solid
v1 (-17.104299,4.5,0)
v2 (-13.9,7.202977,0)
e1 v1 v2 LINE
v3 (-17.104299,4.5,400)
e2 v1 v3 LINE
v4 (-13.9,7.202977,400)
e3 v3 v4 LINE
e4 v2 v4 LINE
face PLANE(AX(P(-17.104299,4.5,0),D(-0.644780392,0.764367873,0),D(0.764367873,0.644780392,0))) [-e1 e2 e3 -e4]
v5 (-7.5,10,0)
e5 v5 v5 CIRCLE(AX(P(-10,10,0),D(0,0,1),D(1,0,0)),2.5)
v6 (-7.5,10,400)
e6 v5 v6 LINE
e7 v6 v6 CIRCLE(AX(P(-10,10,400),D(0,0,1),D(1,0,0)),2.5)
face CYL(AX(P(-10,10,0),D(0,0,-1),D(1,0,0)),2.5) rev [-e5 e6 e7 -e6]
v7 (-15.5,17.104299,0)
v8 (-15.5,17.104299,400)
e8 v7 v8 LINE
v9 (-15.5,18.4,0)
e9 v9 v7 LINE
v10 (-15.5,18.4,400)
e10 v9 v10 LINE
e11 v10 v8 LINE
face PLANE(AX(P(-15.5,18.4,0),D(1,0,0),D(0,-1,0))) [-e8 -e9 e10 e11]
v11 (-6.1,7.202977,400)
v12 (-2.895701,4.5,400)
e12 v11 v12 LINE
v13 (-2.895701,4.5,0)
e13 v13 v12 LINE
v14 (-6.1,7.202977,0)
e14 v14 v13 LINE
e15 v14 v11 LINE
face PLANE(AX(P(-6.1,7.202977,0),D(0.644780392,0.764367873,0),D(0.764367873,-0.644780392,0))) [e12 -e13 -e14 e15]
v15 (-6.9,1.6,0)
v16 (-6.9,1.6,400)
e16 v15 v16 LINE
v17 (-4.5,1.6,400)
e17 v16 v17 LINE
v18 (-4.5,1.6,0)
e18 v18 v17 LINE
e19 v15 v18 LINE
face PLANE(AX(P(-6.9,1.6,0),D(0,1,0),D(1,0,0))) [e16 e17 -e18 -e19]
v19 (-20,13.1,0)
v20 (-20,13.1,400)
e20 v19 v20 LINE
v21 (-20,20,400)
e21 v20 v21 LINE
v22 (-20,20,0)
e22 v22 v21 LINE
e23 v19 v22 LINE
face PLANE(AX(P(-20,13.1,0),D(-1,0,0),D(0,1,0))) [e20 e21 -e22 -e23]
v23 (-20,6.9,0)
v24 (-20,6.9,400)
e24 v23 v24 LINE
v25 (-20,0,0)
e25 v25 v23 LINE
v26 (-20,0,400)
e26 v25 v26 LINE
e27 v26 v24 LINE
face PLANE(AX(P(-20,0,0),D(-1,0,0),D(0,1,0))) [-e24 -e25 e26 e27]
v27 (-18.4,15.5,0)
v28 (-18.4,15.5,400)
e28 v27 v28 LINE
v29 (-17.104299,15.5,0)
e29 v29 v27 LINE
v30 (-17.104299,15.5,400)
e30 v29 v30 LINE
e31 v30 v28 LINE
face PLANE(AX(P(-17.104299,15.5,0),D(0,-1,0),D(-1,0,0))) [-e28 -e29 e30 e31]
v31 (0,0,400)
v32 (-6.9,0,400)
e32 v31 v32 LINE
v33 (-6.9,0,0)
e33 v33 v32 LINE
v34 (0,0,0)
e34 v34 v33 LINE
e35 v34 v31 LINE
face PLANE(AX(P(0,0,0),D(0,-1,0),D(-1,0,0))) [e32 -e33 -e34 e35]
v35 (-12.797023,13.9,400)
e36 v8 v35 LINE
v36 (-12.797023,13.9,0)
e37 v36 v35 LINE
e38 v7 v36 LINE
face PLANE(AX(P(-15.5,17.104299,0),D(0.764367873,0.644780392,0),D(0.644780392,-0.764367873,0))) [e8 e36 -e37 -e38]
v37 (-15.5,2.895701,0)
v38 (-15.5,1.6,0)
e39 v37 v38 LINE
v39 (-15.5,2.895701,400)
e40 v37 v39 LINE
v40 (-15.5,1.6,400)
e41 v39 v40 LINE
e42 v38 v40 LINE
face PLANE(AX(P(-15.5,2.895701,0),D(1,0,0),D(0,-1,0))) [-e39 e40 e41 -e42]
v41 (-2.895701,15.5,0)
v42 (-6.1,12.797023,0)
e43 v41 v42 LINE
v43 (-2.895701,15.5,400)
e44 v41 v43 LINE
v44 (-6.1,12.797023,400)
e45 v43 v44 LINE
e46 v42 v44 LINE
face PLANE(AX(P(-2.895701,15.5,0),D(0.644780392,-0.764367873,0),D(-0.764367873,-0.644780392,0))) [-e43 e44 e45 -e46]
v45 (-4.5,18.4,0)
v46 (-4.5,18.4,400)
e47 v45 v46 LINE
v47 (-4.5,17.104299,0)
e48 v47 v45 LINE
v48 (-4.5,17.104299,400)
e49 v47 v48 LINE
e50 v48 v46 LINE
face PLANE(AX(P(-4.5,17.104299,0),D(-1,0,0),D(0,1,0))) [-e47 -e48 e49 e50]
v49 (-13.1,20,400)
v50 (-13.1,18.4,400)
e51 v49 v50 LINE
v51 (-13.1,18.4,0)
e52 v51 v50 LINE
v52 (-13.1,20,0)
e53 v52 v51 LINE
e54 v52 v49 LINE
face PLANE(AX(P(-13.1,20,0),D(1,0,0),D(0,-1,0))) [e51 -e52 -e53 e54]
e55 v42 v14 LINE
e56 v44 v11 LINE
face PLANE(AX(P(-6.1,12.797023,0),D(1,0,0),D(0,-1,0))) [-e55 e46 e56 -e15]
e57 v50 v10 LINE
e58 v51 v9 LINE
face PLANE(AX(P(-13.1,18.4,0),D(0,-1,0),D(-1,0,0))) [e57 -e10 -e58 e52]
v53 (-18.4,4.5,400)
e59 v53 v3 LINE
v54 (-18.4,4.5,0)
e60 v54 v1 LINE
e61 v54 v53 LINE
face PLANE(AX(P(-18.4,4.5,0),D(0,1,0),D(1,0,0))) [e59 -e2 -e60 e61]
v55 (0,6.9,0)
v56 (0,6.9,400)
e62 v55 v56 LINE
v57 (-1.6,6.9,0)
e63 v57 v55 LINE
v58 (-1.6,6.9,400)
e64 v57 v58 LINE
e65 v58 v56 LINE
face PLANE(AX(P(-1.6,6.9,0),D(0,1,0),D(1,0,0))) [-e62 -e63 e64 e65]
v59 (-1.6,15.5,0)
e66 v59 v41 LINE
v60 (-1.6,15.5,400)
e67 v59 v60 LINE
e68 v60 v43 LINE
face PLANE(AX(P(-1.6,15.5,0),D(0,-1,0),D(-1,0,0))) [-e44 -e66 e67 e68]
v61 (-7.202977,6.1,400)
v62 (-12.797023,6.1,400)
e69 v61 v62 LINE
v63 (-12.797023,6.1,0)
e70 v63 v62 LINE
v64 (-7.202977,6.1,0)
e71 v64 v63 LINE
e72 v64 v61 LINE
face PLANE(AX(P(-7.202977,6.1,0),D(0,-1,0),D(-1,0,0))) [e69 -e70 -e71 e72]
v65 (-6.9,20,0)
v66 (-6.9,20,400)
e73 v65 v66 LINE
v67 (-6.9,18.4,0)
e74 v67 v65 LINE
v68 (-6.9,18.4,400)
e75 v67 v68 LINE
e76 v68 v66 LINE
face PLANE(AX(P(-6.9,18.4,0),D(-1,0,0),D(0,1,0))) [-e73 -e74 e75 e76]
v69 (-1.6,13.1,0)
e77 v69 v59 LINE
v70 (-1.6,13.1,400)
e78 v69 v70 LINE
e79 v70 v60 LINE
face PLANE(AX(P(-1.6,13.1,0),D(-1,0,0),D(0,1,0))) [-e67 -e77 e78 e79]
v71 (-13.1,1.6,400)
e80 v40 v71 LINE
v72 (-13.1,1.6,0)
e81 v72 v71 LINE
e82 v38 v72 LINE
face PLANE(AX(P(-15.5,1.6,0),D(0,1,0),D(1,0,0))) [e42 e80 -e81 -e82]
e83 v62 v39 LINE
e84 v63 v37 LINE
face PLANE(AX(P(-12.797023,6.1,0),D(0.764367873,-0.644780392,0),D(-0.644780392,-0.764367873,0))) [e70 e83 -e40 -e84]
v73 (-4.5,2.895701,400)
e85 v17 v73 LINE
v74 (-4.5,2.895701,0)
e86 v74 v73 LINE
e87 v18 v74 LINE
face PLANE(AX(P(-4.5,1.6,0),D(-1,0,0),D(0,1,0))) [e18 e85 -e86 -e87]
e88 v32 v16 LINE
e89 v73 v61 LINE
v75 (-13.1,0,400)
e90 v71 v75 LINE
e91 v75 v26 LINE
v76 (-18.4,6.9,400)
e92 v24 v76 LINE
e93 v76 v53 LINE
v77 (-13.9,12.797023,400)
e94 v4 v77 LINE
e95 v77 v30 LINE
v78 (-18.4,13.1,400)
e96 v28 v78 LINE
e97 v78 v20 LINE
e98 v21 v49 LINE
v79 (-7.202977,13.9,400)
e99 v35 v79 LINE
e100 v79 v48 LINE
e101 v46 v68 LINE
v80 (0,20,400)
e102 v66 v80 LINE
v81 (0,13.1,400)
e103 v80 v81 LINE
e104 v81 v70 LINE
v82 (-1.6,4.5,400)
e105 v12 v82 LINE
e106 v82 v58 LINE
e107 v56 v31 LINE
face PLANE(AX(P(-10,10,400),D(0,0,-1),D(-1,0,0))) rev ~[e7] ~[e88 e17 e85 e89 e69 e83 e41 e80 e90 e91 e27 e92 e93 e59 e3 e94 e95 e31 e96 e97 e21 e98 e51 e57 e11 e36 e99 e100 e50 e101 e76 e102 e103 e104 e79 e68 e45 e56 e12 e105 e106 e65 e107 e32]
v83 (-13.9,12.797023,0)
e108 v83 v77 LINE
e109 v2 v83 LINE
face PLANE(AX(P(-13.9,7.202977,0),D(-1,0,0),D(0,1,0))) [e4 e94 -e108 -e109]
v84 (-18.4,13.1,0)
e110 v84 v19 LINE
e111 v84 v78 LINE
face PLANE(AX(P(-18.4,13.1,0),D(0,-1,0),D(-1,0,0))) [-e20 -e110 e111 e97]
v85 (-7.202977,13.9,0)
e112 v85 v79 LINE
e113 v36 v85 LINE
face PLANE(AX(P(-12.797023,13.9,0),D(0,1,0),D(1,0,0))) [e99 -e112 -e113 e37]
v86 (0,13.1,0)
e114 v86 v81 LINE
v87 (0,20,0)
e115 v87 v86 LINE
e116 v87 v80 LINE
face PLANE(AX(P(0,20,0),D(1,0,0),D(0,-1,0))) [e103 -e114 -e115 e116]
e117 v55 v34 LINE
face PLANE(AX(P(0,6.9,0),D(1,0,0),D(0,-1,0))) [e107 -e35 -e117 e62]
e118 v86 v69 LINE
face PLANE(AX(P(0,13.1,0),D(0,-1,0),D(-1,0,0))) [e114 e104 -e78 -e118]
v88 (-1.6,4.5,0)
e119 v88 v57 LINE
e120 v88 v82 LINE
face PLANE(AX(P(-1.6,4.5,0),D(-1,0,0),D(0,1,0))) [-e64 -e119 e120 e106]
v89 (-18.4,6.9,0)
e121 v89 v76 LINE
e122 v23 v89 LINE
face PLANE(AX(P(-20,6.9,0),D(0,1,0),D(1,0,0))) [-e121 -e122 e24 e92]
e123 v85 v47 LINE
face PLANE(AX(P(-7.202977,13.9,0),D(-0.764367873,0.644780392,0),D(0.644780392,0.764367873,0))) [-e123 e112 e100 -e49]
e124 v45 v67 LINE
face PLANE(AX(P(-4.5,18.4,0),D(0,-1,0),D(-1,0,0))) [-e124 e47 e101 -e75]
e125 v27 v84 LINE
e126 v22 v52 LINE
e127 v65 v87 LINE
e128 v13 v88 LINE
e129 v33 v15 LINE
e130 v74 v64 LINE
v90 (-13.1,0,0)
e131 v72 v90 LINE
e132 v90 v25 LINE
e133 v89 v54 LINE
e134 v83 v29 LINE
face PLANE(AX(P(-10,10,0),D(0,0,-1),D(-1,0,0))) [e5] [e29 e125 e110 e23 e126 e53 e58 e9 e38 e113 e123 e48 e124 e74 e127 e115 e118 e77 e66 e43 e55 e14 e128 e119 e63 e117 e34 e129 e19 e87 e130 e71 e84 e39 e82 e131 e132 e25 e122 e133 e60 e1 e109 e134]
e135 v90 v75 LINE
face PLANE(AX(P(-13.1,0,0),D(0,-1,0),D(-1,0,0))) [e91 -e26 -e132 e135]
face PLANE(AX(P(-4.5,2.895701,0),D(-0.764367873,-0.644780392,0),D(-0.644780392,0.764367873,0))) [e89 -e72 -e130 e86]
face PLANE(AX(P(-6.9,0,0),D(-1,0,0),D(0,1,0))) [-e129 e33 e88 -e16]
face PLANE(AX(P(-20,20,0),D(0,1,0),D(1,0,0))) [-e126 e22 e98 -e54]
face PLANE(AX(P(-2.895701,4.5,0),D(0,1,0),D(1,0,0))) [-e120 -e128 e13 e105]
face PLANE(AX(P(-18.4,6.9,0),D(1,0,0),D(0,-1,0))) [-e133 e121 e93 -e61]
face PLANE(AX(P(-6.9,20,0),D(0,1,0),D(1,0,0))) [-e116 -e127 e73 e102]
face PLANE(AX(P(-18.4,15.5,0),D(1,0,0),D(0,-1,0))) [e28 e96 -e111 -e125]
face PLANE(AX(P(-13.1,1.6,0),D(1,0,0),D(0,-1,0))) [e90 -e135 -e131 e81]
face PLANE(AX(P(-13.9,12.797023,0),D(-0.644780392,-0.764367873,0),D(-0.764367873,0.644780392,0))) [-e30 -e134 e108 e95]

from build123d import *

# Parameters (mm, degrees)
SKETCH_1_R      = 2.5
EXTRUDE_1_DEPTH = 400


with BuildPart() as part:
    # 草图1 → 凸台-拉伸1 (new body)
    with BuildSketch(Plane.XY):
        Polygon((-20, 20), (-13.1, 20), (-13.1, 18.4), (-15.5, 18.4), (-15.5, 17.104298633), (-12.797022805, 13.9), (-7.202977195, 13.9), (-4.5, 17.104298633), (-4.5, 18.4), (-6.9, 18.4), (-6.9, 20), (0, 20), (0, 13.1), (-1.6, 13.1), (-1.6, 15.5), (-2.895701367, 15.5), (-6.1, 12.797022805), (-6.1, 7.202977195), (-2.895701367, 4.5), (-1.6, 4.5), (-1.6, 6.9), (0, 6.9), (0, 0), (-6.9, 0), (-6.9, 1.6), (-4.5, 1.6), (-4.5, 2.895701367), (-7.202977195, 6.1), (-12.797022805, 6.1), (-15.5, 2.895701367), (-15.5, 1.6), (-13.1, 1.6), (-13.1, 0), (-20, 0), (-20, 6.9), (-18.4, 6.9), (-18.4, 4.5), (-17.104298633, 4.5), (-13.9, 7.202977195), (-13.9, 12.797022805), (-17.104298633, 15.5), (-18.4, 15.5), (-18.4, 13.1), (-20, 13.1), align=None)
        with Locations((-10, 10)):
            Circle(SKETCH_1_R, mode=Mode.SUBTRACT)
    extrude(amount=EXTRUDE_1_DEPTH)


solid = part.part
